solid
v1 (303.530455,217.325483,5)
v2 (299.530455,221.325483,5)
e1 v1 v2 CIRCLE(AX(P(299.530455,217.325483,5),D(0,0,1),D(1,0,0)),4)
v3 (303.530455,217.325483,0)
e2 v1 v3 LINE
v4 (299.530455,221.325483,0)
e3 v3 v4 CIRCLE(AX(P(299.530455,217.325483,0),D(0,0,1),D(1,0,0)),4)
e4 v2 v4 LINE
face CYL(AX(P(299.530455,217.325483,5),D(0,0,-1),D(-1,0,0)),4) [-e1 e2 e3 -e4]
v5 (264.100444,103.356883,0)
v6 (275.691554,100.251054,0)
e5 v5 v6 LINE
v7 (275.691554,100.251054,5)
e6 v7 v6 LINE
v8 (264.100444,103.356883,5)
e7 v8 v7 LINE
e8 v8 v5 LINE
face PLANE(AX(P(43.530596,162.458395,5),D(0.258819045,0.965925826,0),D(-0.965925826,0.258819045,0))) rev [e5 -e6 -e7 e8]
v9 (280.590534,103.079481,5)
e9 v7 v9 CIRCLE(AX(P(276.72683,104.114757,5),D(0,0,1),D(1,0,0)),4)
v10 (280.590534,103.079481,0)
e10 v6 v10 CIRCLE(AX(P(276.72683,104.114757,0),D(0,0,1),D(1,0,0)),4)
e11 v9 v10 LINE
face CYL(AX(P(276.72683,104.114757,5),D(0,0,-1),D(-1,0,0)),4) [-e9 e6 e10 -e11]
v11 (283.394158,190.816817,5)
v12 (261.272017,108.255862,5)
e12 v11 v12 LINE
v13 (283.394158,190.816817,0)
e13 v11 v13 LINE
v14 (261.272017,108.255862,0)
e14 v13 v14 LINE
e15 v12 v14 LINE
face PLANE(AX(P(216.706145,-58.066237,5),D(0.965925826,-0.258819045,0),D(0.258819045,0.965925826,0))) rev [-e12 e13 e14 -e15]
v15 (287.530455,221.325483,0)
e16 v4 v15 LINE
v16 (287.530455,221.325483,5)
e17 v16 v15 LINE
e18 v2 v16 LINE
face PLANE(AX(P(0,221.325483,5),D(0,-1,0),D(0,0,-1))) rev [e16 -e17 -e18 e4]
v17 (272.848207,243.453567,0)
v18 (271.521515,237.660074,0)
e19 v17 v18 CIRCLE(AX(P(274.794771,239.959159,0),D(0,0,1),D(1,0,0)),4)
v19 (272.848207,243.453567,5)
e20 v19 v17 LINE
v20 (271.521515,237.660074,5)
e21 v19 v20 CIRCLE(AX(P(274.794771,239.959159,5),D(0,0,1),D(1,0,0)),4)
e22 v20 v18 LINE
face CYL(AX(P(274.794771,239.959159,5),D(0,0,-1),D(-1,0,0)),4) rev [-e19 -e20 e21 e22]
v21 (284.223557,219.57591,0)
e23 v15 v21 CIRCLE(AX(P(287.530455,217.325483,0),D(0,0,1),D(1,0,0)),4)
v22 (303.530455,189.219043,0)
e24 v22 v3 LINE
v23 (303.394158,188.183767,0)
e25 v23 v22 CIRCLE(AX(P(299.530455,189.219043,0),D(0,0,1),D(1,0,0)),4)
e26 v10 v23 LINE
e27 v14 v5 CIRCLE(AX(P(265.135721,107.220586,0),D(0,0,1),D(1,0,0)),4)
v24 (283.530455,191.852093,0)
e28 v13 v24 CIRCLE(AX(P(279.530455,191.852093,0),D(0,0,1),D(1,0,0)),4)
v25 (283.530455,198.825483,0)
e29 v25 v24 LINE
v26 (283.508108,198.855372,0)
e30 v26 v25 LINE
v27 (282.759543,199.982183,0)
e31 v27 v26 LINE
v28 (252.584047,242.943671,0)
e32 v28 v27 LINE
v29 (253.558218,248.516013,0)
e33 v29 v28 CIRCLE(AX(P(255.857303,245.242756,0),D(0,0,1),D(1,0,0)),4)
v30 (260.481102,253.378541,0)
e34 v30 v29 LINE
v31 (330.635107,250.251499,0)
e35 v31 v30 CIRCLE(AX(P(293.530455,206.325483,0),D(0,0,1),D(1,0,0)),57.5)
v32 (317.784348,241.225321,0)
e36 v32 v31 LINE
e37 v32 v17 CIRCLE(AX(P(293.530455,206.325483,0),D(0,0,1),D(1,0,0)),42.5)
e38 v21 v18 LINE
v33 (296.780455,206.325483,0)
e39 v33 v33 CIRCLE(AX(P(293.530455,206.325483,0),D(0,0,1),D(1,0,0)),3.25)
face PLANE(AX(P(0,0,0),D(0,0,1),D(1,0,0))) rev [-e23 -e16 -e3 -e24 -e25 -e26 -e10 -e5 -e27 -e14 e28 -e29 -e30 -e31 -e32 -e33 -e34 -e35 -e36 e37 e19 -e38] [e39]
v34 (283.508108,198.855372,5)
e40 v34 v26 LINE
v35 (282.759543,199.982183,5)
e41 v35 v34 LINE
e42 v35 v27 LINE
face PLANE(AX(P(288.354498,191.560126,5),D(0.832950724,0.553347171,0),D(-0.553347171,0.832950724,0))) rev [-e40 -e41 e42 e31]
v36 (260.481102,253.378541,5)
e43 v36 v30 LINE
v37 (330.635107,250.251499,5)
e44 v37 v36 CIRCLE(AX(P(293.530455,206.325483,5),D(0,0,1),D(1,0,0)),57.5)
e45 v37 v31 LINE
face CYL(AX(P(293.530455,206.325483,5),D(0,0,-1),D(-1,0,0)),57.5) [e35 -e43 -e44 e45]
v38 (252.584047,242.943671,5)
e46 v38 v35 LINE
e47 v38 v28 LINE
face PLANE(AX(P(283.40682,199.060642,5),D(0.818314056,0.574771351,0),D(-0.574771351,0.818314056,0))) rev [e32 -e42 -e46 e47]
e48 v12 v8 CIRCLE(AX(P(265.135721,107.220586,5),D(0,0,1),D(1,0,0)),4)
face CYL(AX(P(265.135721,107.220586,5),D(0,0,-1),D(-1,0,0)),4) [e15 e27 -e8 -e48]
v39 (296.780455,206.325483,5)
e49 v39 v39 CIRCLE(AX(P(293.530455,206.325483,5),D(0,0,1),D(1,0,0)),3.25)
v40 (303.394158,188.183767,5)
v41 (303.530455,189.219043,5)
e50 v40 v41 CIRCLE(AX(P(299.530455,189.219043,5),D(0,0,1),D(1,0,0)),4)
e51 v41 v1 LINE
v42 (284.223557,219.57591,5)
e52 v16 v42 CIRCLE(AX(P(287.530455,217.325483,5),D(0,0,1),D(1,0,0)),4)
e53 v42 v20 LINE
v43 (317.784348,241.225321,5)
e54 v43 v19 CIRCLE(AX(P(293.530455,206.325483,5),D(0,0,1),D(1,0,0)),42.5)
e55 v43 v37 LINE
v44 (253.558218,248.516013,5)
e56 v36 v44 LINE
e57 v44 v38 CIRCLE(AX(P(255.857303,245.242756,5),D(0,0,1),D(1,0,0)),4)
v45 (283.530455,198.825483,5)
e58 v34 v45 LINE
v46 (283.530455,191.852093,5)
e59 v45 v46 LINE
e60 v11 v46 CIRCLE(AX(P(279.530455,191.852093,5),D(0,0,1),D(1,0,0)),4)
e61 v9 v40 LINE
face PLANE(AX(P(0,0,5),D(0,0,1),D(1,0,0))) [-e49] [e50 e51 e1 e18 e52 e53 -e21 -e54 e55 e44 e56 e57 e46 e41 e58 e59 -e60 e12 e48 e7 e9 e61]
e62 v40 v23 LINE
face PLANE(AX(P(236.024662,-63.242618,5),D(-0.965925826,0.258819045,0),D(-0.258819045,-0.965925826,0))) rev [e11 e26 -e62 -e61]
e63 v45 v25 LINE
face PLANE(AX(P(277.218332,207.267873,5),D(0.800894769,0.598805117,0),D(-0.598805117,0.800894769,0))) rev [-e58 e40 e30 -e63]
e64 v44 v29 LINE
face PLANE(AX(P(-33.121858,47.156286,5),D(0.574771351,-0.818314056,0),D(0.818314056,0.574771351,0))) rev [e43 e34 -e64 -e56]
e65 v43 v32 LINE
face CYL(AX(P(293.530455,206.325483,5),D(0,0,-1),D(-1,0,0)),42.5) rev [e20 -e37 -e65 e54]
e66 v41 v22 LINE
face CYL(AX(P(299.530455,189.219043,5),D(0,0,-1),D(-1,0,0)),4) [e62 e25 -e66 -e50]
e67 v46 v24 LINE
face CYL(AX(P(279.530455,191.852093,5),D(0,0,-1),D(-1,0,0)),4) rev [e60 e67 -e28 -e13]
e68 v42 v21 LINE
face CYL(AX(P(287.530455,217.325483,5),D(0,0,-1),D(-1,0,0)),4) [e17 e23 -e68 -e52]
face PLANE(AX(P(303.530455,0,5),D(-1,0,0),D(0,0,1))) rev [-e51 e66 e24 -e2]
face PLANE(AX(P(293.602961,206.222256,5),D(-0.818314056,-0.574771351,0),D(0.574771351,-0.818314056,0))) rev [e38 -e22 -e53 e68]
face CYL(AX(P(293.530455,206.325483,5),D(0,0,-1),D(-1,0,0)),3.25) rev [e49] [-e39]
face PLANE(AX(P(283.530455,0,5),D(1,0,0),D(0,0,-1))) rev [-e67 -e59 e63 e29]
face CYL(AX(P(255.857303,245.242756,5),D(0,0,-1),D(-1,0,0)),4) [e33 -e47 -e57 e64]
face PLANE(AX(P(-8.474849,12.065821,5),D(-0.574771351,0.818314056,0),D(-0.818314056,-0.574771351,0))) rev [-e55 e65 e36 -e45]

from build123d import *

# Parameters (mm, degrees)
MODEL_R             = 3.25
MODEL_R_2           = 2.075
BOSS_EXTRUDE1_DEPTH = 5


with BuildPart() as part:
    # Model → Boss-Extrude1 (new body)
    with BuildSketch(Plane.XY):
        with BuildLine():
            Line((299.530455157, 221.325483104), (287.530455157, 221.325483104))
            ThreePointArc((287.530455157, 221.325483104), (284.702028033, 220.153910229), (283.530455157, 217.325483104))
            Line((283.530455157, 217.325483104), (283.530455157, 191.852093095))
            ThreePointArc((283.530455157, 191.852093095), (283.496234603, 191.329988326), (283.394158462, 190.816816914))
            Line((283.394158462, 190.816816914), (261.272017278, 108.255862044))
            ThreePointArc((261.272017278, 108.255862044), (261.671618968, 105.220585863), (264.100444403, 103.356882558))
            Line((264.100444403, 103.356882558), (275.691554319, 100.251054017))
            ThreePointArc((275.691554319, 100.251054017), (278.726830499, 100.650655707), (280.590533804, 103.079481141))
            Line((280.590533804, 103.079481141), (303.394158462, 188.183766963))
            ThreePointArc((303.394158462, 188.183766963), (303.496234603, 188.696938374), (303.530455157, 189.219043143))
            Line((303.530455157, 189.219043143), (303.530455157, 217.325483104))
            ThreePointArc((303.530455157, 217.325483104), (302.358882282, 220.153910229), (299.530455157, 221.325483104))
        make_face()
        with Locations((293.530455157, 206.325483104)):
            Circle(MODEL_R, mode=Mode.SUBTRACT)
        with Locations((293.530455157, 214.325483104)):
            Circle(MODEL_R_2, mode=Mode.SUBTRACT)
        with Locations((293.530455157, 198.325483104)):
            Circle(MODEL_R_2, mode=Mode.SUBTRACT)
        with BuildLine():
            ThreePointArc((330.635106632, 250.251498618), (296.090916254, 263.768446459), (260.481102457, 253.378541305))
            Line((260.481102457, 253.378541305), (253.558218086, 248.516012577))
            ThreePointArc((253.558218086, 248.516012577), (251.917062939, 245.931599145), (252.584047269, 242.943670949))
            Line((252.584047269, 242.943670949), (282.759543213, 199.982183026))
            Line((282.759543213, 199.982183026), (283.508108229, 198.855371857))
            Line((283.508108229, 198.855371857), (283.530455157, 198.825483104))
            Line((283.530455157, 198.825483104), (283.530455157, 217.325483104))
            ThreePointArc((283.530455157, 217.325483104), (283.70765552, 218.5028543), (284.223556624, 219.575910195))
            Line((284.223556624, 219.575910195), (271.521515193, 237.660073602))
            ThreePointArc((271.521515193, 237.660073602), (270.895698021, 240.852034508), (272.848206871, 243.453566893))
            ThreePointArc((272.848206871, 243.453566893), (295.63531403, 248.773328387), (317.784347872, 241.225321044))
            Line((317.784347872, 241.225321044), (330.635106632, 250.251498618))
        make_face()
        with Locations((293.530455157, 198.325483104)):
            Circle(MODEL_R_2)
        with Locations((293.530455157, 214.325483104)):
            Circle(MODEL_R_2)
    extrude(amount=BOSS_EXTRUDE1_DEPTH)


solid = part.part
